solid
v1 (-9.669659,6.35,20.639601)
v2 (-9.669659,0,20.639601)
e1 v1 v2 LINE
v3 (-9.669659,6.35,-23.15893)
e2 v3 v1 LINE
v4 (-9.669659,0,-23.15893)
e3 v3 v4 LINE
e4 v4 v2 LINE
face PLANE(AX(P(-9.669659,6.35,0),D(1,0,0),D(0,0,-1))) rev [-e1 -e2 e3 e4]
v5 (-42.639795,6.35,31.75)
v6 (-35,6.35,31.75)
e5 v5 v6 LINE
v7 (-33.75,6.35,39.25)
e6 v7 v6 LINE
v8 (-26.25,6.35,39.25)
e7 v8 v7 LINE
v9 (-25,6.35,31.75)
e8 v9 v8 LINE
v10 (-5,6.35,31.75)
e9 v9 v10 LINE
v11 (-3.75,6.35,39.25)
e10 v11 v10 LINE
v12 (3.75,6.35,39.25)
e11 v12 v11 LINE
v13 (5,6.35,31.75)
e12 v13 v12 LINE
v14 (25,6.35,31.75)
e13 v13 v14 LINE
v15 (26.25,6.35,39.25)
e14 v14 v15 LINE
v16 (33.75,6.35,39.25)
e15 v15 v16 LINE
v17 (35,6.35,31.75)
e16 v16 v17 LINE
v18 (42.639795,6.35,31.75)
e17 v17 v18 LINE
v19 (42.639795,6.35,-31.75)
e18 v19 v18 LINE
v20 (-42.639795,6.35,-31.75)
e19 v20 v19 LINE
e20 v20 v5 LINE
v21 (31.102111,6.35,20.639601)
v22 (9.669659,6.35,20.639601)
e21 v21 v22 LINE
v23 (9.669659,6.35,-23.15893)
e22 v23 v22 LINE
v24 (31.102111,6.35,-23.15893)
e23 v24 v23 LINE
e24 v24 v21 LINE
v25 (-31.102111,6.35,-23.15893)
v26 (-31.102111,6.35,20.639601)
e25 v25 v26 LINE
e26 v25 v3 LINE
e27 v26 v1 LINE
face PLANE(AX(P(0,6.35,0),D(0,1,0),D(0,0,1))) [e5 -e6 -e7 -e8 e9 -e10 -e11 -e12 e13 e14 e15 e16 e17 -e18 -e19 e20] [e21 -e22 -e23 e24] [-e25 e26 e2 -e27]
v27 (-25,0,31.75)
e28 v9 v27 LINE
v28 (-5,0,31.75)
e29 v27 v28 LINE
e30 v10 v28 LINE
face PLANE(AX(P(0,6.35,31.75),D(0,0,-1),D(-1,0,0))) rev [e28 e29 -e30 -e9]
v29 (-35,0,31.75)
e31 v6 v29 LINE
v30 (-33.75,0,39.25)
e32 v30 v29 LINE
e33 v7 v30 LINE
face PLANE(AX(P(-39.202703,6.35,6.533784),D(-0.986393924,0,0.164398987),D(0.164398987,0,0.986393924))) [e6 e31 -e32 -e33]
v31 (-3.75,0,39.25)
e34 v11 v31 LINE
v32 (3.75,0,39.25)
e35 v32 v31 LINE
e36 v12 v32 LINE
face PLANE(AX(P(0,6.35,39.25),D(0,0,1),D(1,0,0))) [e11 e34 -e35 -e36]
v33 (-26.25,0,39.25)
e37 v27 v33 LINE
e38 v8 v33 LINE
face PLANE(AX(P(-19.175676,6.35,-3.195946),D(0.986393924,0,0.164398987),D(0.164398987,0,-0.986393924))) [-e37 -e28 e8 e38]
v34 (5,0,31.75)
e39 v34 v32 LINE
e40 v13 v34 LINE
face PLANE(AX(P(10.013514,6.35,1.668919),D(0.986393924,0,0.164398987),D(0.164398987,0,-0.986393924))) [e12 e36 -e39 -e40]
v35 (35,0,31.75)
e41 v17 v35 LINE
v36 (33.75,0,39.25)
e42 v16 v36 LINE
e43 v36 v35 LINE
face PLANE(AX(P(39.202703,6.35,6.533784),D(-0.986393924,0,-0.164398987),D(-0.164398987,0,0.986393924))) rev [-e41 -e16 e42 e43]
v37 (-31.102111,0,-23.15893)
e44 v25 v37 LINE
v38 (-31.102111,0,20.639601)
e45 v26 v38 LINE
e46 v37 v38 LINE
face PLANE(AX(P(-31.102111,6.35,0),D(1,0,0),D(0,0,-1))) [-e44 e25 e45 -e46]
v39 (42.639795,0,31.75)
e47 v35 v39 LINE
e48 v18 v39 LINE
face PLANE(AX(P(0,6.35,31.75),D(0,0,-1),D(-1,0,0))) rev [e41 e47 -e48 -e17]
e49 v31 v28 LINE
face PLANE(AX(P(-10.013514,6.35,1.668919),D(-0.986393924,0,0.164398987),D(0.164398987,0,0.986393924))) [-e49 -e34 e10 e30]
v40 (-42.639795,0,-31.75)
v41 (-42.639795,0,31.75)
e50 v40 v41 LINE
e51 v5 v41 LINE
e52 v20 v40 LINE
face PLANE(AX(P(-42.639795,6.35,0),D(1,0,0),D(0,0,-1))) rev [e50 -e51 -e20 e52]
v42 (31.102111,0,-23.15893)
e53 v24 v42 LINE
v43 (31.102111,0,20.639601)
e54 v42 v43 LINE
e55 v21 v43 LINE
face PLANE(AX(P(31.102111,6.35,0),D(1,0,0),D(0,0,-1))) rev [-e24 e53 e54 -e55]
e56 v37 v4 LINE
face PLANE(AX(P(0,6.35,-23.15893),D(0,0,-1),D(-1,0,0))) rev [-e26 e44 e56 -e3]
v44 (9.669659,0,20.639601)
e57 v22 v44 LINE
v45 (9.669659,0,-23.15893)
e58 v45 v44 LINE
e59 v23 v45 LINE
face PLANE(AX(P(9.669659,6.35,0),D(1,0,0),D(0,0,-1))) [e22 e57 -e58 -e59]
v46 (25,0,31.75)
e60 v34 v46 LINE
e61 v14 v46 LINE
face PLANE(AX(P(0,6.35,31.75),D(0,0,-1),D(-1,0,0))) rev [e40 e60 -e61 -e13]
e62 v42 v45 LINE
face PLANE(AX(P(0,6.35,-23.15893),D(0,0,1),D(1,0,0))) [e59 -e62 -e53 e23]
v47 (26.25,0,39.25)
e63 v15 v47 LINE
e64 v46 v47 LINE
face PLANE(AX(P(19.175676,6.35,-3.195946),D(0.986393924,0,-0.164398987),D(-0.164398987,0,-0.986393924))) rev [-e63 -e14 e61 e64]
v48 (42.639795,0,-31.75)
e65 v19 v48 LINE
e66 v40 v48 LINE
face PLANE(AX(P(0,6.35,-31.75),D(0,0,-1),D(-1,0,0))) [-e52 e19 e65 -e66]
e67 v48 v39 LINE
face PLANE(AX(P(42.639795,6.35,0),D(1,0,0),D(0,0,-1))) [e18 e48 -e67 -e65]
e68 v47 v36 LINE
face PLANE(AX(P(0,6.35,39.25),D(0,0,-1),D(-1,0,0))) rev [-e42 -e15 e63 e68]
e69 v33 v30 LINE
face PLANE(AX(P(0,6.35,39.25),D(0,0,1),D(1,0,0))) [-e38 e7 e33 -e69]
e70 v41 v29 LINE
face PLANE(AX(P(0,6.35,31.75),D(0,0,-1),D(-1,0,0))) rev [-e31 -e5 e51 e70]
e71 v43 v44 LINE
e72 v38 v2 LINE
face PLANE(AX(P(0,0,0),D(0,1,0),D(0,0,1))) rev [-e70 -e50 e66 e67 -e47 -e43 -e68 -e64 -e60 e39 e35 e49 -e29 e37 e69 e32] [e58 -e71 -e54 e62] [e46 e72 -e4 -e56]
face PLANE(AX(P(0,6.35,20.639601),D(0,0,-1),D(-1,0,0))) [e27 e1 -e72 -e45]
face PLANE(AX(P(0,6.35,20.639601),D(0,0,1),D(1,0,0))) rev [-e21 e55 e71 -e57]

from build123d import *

# Parameters (mm, degrees)
SKETCH2_W           = 85.279590556
SKETCH2_H           = 63.5
SKETCH2_W_2         = 21.432451429
SKETCH2_H_2         = 43.79853014
BOSS_EXTRUDE1_DEPTH = 6.35


with BuildPart() as part:
    # Sketch2 → Boss-Extrude1 (new body)
    with BuildSketch(Plane(origin=(0, 0, 0), x_dir=(1, 0, 0), z_dir=(0, 1, 0))):
        Rectangle(SKETCH2_W, SKETCH2_H)
        with Locations((-20.38588495, 1.25966445)):
            Rectangle(SKETCH2_W_2, SKETCH2_H_2, mode=Mode.SUBTRACT)
        with Locations((20.38588495, 1.25966445)):
            Rectangle(SKETCH2_W_2, SKETCH2_H_2, mode=Mode.SUBTRACT)
        Polygon((-25, -31.75), (-35, -31.75), (-33.75, -39.25), (-26.25, -39.25), align=None)
        Polygon((5, -31.75), (-5, -31.75), (-3.75, -39.25), (3.75, -39.25), align=None)
        Polygon((33.75, -39.25), (35, -31.75), (25, -31.75), (26.25, -39.25), align=None)
    extrude(amount=BOSS_EXTRUDE1_DEPTH)


solid = part.part
